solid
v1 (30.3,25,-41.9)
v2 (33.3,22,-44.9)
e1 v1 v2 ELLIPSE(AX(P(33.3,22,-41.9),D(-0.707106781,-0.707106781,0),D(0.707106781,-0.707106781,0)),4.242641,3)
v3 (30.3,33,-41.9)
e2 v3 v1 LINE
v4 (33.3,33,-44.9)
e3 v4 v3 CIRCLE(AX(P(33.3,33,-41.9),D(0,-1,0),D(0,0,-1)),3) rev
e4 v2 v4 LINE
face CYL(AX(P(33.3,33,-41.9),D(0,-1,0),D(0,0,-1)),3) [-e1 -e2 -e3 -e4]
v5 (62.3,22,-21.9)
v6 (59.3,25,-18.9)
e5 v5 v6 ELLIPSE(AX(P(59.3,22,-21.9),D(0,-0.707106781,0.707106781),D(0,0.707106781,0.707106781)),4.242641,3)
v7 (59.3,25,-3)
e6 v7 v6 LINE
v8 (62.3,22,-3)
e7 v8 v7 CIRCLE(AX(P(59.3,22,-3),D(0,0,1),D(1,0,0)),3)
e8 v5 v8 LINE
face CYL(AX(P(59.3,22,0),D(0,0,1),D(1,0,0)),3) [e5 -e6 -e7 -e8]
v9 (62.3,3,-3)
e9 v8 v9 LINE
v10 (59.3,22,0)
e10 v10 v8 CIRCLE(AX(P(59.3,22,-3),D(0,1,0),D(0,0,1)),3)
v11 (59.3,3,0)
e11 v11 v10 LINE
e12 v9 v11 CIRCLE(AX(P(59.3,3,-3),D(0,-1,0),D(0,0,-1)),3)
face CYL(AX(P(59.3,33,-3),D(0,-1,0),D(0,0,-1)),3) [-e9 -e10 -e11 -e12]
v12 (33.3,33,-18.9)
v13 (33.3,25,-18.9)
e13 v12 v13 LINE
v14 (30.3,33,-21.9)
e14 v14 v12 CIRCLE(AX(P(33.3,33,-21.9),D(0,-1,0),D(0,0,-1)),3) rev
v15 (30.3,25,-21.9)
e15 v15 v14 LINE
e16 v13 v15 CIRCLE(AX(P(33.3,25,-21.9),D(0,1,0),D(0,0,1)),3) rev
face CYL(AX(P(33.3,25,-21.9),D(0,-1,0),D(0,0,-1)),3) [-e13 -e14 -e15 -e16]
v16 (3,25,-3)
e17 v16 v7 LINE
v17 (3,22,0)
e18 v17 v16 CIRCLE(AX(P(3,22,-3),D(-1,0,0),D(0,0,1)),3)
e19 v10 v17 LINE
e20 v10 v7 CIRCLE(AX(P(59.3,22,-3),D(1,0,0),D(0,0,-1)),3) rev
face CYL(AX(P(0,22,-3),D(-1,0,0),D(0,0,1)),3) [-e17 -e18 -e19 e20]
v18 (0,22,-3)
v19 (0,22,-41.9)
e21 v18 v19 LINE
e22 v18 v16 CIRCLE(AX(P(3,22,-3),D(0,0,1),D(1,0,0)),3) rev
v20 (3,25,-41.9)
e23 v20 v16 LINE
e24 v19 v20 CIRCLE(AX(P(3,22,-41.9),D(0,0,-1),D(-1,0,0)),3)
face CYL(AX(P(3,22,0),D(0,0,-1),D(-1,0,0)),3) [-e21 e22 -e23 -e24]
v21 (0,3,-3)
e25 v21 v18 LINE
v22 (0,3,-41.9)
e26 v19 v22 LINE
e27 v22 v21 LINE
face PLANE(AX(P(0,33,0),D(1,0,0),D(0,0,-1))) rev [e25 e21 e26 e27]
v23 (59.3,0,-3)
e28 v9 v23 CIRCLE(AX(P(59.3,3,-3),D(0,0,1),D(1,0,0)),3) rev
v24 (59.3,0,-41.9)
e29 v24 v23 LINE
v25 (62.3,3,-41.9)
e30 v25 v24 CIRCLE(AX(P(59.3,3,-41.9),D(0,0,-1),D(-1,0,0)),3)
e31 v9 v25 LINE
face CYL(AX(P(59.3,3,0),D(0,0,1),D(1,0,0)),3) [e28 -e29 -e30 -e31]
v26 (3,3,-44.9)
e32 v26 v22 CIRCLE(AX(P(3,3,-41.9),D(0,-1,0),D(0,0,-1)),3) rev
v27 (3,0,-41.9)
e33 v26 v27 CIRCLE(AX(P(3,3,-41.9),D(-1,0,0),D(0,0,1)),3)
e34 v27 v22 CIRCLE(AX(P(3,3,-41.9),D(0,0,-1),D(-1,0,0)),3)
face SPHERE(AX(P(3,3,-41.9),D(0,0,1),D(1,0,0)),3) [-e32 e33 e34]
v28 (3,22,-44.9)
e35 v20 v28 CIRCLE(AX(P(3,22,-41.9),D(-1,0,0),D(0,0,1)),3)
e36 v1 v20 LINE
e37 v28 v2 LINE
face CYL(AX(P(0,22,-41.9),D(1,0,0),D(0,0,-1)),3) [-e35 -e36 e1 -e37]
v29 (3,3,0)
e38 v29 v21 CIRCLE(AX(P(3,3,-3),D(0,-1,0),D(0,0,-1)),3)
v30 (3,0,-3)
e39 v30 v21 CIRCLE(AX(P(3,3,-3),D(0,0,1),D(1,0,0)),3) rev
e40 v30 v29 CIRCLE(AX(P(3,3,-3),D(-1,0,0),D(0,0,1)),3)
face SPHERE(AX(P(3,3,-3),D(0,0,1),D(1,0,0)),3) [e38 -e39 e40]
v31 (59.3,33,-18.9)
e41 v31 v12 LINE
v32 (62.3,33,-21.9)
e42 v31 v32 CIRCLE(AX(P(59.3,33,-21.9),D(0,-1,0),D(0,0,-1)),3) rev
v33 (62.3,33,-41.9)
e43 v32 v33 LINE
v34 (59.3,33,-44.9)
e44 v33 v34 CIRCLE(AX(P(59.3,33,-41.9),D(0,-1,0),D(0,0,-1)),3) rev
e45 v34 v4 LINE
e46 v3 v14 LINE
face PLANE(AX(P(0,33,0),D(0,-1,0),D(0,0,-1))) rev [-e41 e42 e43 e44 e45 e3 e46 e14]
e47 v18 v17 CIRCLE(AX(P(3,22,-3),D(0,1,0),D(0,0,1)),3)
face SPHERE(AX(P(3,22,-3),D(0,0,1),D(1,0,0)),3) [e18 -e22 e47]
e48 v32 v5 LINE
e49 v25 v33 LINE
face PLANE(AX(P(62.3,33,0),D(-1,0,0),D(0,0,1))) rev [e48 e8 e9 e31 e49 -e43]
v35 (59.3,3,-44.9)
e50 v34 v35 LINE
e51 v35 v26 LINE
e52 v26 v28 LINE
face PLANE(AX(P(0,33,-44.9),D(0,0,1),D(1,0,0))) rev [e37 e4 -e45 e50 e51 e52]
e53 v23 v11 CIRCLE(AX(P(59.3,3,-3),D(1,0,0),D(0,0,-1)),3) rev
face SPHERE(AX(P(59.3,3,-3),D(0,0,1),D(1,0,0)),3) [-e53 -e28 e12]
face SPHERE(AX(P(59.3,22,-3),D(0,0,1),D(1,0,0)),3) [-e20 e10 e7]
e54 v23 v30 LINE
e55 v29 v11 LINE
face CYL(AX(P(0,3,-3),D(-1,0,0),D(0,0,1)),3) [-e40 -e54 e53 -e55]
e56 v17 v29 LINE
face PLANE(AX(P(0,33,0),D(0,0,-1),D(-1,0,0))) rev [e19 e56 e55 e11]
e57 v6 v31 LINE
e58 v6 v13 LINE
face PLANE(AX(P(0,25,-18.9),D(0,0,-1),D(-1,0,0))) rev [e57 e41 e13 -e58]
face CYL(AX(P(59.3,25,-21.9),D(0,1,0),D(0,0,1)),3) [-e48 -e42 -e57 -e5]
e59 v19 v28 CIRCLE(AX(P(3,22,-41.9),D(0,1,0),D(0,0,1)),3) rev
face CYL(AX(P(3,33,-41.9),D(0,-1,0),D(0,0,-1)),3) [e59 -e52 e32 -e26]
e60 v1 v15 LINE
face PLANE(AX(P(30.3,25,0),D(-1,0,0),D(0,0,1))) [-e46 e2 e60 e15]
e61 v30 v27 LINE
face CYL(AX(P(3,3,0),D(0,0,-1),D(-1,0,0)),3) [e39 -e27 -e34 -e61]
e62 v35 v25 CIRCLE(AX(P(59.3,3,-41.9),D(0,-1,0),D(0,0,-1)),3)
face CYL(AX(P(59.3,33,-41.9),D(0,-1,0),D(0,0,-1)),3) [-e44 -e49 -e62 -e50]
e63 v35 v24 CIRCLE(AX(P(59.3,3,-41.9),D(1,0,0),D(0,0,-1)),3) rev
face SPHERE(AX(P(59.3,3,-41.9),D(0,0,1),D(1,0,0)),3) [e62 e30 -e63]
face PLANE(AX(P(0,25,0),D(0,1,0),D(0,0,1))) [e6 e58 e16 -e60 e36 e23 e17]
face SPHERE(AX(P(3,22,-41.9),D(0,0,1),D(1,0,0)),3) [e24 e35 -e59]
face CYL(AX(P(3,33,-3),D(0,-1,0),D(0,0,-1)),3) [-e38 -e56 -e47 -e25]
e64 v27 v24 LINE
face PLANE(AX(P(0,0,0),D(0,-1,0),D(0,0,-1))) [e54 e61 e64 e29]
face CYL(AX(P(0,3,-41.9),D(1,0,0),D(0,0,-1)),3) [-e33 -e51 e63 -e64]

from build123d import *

# Parameters (mm, degrees)
SKETCH_1_W          = 62.3
SKETCH_1_H          = 44.9
EXTRUDE_1_DEPTH     = 33
CUT_EXTRUDE_1_DEPTH = 8
FILLET_1_R          = 3


with BuildPart() as part:
    # Эскиз1 → Бобышка-Вытянуть1 (new body)
    with BuildSketch(Plane(origin=(0, 0, 0), x_dir=(1, 0, 0), z_dir=(0, 1, 0))):
        with Locations((31.15, 22.45)):
            Rectangle(SKETCH_1_W, SKETCH_1_H)
    extrude(amount=EXTRUDE_1_DEPTH)

    # Эскиз3 → Вырез-Вытянуть1 (cut)
    with BuildSketch(Plane(origin=(0, 33, 0), x_dir=(1, 0, 0), z_dir=(0, 1, 0))):
        Polygon((30.3, 18.9), (30.3, 44.9), (0, 44.9), (0, 0), (62.3, 0), (62.3, 18.9), align=None)
    extrude(amount=-CUT_EXTRUDE_1_DEPTH, mode=Mode.SUBTRACT)

    # Скругление1
    fillet_1_edges = [part.edges().sort_by_distance(p)[0] for p in [
        (0, 12.5, -44.9),
        (62.3, 12.5, 0),
        (0, 12.5, 0),
        (30.3, 29, -44.9),
        (30.3, 29, -18.9),
        (62.3, 25, -9.45),
        (62.3, 29, -18.9),
        (31.15, 25, 0),
        (0, 25, -22.45),
        (15.15, 25, -44.9),
        (31.15, 0, -44.9),
        (62.3, 0, -22.45),
        (31.15, 0, 0),
        (0, 0, -22.45),
        (62.3, 16.5, -44.9),
    ]]
    fillet(fillet_1_edges, radius=FILLET_1_R)


solid = part.part
